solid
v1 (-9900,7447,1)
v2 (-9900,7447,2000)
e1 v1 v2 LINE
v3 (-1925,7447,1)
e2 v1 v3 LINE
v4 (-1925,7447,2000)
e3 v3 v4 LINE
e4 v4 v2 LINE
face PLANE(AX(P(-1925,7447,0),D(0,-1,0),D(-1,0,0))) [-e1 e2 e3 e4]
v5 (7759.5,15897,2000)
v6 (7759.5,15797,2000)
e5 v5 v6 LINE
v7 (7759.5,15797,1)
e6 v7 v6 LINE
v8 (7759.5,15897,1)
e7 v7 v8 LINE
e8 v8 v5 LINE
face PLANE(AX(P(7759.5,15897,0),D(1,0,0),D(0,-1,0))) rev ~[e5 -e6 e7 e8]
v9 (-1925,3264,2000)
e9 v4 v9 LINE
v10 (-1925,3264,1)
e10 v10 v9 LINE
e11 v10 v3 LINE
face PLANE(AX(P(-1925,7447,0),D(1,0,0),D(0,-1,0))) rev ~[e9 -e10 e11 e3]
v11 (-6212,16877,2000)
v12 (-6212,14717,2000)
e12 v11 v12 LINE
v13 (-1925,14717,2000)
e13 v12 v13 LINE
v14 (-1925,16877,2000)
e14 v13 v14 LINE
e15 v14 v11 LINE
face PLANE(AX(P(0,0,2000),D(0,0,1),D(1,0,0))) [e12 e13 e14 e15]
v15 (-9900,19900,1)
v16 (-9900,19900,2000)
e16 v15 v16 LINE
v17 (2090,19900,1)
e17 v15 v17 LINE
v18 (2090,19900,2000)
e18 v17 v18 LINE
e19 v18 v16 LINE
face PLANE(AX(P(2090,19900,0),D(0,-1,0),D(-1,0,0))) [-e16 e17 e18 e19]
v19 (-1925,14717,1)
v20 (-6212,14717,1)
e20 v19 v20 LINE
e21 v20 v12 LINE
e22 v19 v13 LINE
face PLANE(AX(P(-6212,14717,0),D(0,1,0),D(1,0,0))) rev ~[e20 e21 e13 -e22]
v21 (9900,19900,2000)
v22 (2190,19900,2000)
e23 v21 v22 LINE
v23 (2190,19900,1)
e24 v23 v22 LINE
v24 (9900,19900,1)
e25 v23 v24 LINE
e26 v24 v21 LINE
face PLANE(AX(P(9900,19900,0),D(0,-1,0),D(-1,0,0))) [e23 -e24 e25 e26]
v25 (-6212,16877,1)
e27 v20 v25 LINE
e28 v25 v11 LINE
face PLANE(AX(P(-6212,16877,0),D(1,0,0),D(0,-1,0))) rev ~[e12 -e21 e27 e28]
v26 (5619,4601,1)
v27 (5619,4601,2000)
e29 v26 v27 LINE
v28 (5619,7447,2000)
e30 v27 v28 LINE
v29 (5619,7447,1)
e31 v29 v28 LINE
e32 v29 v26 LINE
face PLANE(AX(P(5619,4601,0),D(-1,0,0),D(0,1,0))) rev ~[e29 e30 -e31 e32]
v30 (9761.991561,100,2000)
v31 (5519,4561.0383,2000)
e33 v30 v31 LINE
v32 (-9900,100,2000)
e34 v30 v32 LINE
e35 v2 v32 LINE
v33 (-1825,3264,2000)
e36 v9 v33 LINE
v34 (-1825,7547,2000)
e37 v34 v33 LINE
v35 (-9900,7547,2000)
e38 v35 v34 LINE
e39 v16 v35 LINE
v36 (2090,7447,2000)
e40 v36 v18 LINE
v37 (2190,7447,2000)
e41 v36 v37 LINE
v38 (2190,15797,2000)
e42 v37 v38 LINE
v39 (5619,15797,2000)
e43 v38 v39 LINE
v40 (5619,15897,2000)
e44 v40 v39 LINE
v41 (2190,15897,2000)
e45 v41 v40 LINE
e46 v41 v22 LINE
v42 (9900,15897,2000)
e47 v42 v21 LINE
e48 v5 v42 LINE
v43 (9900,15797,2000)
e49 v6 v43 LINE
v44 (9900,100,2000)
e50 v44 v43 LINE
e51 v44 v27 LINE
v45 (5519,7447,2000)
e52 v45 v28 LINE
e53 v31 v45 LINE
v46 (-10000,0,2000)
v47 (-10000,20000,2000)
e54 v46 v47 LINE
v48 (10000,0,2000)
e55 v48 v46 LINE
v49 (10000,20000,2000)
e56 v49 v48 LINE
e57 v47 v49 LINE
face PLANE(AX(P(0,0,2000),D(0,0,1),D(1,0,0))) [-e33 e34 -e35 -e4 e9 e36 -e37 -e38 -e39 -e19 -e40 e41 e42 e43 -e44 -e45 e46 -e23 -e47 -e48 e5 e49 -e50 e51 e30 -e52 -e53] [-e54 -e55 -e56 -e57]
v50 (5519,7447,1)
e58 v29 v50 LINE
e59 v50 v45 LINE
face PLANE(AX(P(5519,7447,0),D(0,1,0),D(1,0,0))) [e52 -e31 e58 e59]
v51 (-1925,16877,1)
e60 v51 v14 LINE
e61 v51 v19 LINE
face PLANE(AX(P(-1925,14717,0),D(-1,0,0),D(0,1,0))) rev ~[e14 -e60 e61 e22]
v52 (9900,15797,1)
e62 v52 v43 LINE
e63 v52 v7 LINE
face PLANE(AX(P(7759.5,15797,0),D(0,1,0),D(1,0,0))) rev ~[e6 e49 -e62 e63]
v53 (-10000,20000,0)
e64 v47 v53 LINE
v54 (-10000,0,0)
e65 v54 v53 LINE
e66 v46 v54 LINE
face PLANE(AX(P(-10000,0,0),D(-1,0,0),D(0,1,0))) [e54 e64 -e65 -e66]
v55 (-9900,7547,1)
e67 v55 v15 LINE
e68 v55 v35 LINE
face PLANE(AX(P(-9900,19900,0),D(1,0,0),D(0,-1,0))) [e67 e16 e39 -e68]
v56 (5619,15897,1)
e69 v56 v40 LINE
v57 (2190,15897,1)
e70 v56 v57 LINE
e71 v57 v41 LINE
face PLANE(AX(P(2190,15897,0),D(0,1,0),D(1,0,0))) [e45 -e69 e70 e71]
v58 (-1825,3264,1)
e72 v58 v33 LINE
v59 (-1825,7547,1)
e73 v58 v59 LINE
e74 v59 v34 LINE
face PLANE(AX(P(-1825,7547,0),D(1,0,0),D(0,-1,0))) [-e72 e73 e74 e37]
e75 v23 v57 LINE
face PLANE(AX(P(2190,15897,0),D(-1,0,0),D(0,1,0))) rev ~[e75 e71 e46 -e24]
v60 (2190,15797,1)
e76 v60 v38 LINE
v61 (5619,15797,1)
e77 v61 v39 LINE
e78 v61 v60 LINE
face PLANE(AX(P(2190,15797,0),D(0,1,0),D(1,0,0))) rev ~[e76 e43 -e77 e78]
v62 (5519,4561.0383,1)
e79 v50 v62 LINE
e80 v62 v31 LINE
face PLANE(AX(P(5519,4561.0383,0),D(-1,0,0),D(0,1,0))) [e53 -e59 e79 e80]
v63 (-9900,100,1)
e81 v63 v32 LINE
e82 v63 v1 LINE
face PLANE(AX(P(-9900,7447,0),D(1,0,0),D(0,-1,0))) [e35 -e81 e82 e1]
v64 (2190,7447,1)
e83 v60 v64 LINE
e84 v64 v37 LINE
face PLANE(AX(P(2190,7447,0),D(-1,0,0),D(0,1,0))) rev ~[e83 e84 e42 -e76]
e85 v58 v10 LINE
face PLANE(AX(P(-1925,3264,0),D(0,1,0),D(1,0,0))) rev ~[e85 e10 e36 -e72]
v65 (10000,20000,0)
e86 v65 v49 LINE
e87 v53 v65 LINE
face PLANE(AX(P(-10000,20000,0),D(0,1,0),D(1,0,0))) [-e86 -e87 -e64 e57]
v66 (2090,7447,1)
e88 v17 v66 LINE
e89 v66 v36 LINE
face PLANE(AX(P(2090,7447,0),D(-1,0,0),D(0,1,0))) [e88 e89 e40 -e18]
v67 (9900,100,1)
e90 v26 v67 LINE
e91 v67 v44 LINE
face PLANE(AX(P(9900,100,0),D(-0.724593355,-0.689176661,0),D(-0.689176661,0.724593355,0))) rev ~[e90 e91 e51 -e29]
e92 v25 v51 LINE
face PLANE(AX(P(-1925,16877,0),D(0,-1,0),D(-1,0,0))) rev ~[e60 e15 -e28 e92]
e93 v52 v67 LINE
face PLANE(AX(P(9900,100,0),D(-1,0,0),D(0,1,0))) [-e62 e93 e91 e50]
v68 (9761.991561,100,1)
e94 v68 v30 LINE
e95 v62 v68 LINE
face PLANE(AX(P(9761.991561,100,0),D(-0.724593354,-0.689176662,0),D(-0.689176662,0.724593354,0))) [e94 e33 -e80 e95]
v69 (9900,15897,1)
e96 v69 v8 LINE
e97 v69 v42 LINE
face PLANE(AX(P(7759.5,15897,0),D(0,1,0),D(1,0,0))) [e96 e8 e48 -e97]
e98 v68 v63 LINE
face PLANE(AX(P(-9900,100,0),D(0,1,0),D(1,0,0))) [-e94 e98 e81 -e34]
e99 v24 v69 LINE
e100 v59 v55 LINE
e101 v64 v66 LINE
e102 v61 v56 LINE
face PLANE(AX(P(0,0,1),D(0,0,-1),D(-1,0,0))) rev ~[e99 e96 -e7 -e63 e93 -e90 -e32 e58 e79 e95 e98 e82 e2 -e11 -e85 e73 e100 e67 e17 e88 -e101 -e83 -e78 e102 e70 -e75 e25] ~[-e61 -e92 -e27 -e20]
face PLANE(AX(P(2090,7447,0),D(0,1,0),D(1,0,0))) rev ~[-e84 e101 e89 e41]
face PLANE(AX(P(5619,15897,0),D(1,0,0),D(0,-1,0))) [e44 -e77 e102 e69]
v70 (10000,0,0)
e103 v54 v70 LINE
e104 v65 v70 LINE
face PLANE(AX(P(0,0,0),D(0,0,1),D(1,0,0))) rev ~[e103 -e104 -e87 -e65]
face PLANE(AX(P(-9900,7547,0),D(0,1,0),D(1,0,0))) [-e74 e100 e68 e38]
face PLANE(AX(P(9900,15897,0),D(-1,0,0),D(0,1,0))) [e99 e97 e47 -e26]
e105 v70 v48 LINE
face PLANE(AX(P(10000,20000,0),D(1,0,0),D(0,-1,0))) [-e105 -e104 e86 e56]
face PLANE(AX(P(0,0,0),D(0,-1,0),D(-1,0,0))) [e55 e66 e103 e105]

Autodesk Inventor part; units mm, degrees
ref_plane "YZ Plane" through (0, 0, 0) normal (1, 0, 0) x (0, 1, 0)
ref_plane "XZ Plane" through (0, 0, 0) normal (0, 1, 0) x (-1, 0, 0)
ref_plane "XY Plane" through (0, 0, 0) normal (0, 0, 1) x (1, 0, 0)
sketch "Schizzo1" plane through (0, 0, 0) normal (0, 0, 1) x (1, 0, 0)
  line L0 (0, 0) -> (10000, 0)
  line L1 (0, 0) -> (-10000, 0)
  line L2 (-10000, 0) -> (-10000, 20000)
  line L3 (-10000, 20000) -> (10000, 20000)
  line L4 (10000, 20000) -> (10000, 0)
  line L5 (9900, 19900) -> (-9900, 19900)
  line L6 (-9900, 19900) -> (-9900, 100)
  line L7 (-9900, 100) -> (0, 100)
  line L8 (0, 100) -> (9900, 100)
  line L9 (9900, 100) -> (9900, 19900)
  line L10 (-1925, 7447) -> (-9900, 7447)
  line L11 (2190, 7447) -> (2190, 19900)
  line L12 (-1925, 7447) -> (-1925, 3264)
  line L13 (-6212, 14717) -> (-1925, 14717)
  line L14 (-1925, 14717) -> (-1925, 16877)
  line L15 (-1925, 16877) -> (-6212, 16877)
  line L16 (-6212, 16877) -> (-6212, 14717)
  line L17 (9900, 100) -> (5619, 4601)
  line L18 (5619, 4601) -> (5619, 7447)
  line L19 (2190, 15797) -> (5619, 15797)
  line L20 (7759.5, 15797) -> (9900, 15797)
  line L21 (-9900, 7547) -> (-1825, 7547)
  line L22 (-1825, 7547) -> (-1825, 3264)
  line L23 (9827.5407, 31.0823) -> (5519, 4561.0383)
  line L24 (5519, 4561.0383) -> (5519, 7447)
  line L25 (2090, 7447) -> (2090, 19900)
  line L26 (2190, 15897) -> (5619, 15897)
  line L27 (7759.5, 15897) -> (9900, 15897)
  line L28 (-1925, 3264) -> (-1825, 3264)
  line L29 (2090, 7447) -> (2190, 7447)
  line L30 (5519, 7447) -> (5619, 7447)
  line L31 (5619, 15897) -> (5619, 15797)
  line L32 (7759.5, 15897) -> (7759.5, 15797)
  point P0 (9761.9916, 100)
  dimension "d0" = 10000
  dimension "d1" = 10000
  dimension "d2" = 20000
  dimension "d3" = 20000
  dimension "d4" = 100
  dimension "d5" = 100
  dimension "d6" = 100
  dimension "d7" = 100
  dimension "d8" = 100
  dimension "d9" = 100
extrude "Estrusione1" add sketch "Schizzo1" along normal blind 2000 contours L1 L2 L3 L4 L0 | L11 L29 L25 L5 | L9 L20 L32 L27 | L26 L31 L19 L11 | L8 L23 L24 L30 L18 L17 | L21 L22 L28 L12 L10 L6 | L16 L15 L14 L13
sketch "Schizzo2" plane through (0, 0, 0) normal (0, 0, -1) x (-1, 0, 0)
  line L0 (-10000, 0) -> (-10000, 20000) projected
  line L1 (10000, 0) -> (-10000, 0) projected
  line L2 (-10000, 20000) -> (10000, 20000)
  line L3 (10000, 20000) -> (10000, 0)
  line L4 (10000, 0) -> (-10000, 0)
  line L5 (-10000, 0) -> (-10000, 20000)
  point P0 (0, 0)
extrude "Estrusione2" add sketch "Schizzo2" against normal blind 1
properties part number "stanza_nuova_quadrata"
